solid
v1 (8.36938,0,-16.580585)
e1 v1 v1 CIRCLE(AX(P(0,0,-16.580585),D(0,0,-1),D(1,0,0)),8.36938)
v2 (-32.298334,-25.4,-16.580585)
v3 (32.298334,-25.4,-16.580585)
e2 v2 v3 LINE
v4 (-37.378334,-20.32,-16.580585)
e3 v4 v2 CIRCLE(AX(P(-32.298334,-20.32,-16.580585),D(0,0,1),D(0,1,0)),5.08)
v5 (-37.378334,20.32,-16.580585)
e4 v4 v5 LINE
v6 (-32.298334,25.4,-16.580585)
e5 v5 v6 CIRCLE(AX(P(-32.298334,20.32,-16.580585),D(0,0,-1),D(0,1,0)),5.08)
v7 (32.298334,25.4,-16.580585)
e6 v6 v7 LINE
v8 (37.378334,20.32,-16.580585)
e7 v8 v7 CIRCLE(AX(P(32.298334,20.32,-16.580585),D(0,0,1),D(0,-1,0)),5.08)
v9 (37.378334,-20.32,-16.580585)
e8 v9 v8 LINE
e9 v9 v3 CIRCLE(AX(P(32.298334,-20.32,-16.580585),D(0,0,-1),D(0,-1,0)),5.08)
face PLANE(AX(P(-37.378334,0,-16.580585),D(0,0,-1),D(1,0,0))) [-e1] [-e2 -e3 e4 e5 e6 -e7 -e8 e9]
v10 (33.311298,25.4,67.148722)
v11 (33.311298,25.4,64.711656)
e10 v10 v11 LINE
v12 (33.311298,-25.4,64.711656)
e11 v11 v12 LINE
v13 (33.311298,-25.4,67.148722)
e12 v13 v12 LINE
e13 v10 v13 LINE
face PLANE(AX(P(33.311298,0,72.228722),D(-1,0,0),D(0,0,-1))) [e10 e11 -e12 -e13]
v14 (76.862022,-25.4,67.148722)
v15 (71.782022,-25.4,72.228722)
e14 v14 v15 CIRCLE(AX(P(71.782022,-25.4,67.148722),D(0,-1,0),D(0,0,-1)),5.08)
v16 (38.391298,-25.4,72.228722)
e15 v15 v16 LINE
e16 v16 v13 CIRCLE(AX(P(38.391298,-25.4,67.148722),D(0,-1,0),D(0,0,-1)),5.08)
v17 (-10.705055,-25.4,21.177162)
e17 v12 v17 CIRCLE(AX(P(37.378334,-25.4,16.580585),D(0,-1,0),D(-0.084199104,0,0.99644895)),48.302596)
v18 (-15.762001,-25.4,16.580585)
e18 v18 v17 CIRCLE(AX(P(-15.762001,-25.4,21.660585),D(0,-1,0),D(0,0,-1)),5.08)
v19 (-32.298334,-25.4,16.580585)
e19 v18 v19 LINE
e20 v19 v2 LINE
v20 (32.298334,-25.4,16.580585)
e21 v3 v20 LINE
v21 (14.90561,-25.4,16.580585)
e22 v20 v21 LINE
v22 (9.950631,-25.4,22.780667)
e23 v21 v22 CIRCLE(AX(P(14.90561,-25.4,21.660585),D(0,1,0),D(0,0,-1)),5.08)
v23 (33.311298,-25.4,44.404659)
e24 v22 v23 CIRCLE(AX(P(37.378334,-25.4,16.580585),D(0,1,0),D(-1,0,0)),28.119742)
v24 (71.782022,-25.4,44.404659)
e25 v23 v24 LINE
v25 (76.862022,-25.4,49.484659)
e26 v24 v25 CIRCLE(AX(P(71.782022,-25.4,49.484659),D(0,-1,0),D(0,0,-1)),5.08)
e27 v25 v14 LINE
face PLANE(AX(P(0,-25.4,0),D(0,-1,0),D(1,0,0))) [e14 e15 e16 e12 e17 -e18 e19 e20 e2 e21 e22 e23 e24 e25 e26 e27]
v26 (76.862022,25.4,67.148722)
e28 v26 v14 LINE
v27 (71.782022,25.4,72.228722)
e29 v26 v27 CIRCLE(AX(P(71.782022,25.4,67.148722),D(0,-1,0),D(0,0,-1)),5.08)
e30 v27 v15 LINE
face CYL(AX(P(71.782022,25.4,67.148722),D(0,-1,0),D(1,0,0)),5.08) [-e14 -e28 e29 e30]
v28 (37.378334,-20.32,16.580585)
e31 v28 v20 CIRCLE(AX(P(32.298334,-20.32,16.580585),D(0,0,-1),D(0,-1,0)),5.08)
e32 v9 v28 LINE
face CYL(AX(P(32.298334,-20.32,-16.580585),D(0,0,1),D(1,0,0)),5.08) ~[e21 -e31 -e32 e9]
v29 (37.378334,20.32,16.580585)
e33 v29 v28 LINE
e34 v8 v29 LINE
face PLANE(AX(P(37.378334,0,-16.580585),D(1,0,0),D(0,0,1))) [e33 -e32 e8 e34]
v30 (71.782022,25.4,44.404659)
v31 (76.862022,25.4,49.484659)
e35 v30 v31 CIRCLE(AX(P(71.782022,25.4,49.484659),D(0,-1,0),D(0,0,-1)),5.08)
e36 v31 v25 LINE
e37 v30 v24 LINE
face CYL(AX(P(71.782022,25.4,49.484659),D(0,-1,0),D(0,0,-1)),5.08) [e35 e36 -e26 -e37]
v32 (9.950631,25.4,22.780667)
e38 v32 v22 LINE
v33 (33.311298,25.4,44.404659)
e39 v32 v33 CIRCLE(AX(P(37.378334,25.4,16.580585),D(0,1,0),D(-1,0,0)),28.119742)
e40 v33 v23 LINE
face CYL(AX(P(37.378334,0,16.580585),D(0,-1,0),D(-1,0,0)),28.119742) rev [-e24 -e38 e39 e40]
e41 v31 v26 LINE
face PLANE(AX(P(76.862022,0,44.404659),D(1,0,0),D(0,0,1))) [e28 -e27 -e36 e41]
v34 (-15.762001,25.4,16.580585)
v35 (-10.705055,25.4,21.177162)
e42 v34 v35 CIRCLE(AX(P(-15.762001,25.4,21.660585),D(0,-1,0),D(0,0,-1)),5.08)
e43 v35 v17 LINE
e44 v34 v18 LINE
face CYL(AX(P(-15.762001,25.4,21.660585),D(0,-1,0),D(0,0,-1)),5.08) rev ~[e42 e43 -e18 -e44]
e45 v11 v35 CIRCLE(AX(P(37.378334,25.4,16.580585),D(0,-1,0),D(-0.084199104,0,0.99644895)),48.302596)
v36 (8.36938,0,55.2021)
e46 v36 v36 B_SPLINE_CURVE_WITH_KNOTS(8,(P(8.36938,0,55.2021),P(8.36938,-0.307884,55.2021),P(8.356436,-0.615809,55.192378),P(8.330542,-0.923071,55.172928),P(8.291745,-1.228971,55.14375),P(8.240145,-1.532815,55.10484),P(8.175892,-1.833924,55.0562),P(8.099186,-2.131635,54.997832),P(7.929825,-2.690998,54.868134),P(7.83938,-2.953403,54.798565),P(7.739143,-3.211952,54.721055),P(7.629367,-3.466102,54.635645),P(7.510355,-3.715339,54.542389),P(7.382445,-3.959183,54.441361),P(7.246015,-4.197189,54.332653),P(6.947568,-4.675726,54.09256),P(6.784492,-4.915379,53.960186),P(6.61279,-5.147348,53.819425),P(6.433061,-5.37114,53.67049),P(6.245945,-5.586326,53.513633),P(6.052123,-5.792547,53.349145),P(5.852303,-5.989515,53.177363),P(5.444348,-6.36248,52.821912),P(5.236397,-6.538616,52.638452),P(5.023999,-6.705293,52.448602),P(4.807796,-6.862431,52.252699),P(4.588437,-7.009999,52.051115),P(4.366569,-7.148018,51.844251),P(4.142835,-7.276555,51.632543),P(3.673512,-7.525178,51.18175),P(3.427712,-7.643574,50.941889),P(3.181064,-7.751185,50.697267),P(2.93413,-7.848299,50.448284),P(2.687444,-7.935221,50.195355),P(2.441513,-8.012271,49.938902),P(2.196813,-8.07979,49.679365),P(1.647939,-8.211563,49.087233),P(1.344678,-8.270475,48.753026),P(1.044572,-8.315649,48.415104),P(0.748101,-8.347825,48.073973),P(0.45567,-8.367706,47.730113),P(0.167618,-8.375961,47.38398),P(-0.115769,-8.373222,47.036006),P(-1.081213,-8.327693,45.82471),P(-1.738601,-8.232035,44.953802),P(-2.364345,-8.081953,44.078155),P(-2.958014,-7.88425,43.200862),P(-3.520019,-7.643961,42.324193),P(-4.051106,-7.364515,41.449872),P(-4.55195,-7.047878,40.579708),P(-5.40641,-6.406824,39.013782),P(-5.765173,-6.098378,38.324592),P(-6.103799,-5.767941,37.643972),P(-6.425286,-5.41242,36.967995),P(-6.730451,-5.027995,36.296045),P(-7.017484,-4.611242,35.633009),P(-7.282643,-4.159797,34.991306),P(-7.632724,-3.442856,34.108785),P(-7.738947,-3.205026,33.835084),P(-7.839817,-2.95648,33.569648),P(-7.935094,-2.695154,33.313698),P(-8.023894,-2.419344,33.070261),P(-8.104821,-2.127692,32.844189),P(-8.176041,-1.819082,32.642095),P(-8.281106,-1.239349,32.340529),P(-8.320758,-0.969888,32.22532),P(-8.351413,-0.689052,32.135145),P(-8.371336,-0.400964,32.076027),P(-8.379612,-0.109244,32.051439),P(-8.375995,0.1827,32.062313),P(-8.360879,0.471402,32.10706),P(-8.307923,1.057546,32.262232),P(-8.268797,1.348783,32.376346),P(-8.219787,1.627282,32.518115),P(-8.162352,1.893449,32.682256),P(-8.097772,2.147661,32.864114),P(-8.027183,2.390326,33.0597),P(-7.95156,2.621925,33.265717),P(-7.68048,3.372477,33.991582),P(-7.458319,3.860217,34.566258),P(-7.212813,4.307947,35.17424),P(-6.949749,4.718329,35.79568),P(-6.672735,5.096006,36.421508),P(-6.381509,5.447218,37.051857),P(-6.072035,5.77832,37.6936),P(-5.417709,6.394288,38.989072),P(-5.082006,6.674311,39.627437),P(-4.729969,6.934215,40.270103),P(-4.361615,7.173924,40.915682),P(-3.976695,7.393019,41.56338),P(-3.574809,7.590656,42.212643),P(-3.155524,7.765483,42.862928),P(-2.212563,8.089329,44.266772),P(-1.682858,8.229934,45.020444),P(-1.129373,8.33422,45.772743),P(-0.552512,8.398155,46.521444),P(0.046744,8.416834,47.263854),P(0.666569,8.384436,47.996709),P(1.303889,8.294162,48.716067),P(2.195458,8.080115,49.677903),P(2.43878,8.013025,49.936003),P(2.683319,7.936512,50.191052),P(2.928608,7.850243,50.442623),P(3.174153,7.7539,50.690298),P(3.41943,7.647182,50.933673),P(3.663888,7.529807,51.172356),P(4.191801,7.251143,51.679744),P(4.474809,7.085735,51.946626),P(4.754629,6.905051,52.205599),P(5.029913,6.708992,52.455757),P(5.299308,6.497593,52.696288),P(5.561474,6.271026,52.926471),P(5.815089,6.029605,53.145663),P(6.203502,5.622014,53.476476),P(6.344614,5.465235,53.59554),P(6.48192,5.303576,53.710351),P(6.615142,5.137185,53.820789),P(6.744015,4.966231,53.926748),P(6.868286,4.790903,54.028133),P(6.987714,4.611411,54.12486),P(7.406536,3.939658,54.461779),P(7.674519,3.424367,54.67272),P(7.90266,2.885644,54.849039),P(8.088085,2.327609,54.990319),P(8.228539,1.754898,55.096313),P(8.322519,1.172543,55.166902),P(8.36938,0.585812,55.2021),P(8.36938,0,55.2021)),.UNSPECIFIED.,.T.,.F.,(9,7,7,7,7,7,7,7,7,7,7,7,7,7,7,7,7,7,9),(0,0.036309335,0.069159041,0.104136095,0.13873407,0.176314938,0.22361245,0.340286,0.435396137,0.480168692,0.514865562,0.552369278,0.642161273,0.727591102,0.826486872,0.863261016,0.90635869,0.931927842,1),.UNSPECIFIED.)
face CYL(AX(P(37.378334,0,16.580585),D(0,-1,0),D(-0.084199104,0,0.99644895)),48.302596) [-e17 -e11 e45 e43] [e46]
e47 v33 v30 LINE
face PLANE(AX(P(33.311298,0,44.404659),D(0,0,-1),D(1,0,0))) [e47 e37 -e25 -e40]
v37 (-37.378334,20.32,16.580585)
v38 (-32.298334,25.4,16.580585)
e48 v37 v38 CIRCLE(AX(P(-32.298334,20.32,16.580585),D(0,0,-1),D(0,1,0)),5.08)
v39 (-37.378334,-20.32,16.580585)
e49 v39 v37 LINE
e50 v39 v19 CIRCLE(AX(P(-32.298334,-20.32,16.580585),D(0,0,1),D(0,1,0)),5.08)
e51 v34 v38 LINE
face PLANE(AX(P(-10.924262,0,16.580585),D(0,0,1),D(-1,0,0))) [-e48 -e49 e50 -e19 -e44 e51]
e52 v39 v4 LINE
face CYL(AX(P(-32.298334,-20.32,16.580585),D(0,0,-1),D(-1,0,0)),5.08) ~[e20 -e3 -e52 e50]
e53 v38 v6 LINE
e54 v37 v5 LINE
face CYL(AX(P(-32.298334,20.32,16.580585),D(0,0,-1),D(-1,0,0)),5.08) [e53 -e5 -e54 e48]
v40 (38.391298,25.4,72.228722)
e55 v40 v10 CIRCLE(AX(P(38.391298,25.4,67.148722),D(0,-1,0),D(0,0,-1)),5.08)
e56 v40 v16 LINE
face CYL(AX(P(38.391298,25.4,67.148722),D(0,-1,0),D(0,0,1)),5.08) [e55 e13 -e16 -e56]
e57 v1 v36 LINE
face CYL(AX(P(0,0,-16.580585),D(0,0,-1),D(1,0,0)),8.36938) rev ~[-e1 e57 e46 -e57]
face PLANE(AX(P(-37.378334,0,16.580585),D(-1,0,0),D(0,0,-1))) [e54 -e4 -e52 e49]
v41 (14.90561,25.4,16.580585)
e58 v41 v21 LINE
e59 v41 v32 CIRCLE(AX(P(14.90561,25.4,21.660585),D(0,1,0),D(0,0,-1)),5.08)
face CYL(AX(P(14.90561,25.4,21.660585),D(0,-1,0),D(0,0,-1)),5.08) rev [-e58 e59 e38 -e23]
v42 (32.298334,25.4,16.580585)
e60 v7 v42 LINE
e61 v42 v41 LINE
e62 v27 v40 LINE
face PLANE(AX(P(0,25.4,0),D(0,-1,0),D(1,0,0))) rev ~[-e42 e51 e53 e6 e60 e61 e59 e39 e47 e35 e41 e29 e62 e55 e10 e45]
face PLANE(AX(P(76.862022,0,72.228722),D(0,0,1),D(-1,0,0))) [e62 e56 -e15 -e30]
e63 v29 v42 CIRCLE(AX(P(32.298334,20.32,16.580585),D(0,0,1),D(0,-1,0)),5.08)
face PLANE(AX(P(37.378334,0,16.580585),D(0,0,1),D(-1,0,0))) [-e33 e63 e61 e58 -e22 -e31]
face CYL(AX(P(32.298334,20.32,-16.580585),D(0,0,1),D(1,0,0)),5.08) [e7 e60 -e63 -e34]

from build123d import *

# Parameters (mm, degrees)
F1_DEPTH = 25.4
F2_R     = 5.08
F3_R     = 5.08
F4_R     = 8.3693802945
F5_DEPTH = 99.314


with BuildPart() as f1:
    # F0 (on Front) → F1 (new body, symmetric)
    with BuildSketch(Plane.XZ):
        Polygon((37.378333509, -16.5805853903), (37.378333509, 16.5805853903), (9.2585918344, 16.5805853903), (-10.9242624321, 16.5805853903), (-37.378333509, 16.5805853903), (-37.378333509, -16.5805853903), align=None)
        with BuildLine():
            Line((-10.9242624321, 16.5805853903), (9.2585918344, 16.5805853903))
            ThreePointArc((9.2585918344, 16.5805853903), (16.1053006485, 34.9702005239), (33.311298198, 44.4046594203))
            Line((33.311298198, 44.4046594203), (33.311298198, 64.7116564196))
            ThreePointArc((33.311298198, 64.7116564196), (1.814383096, 49.2661510986), (-10.9242624321, 16.5805853903))
        make_face()
        with BuildLine():
            Line((33.311298198, 72.2287222743), (33.311298198, 64.7116564196))
            ThreePointArc((33.311298198, 64.7116564196), (57.7910346378, 60.35800431), (76.8620222807, 44.4046594203))
            Line((76.8620222807, 44.4046594203), (76.8620222807, 72.2287222743))
            Line((76.8620222807, 72.2287222743), (33.311298198, 72.2287222743))
        make_face()
        with BuildLine():
            Line((33.311298198, 64.7116564196), (33.311298198, 44.4046594203))
            Line((33.311298198, 44.4046594203), (76.8620222807, 44.4046594203))
            ThreePointArc((76.8620222807, 44.4046594203), (57.7910346378, 60.35800431), (33.311298198, 64.7116564196))
        make_face()
    extrude(amount=F1_DEPTH, both=True)

    # F2
    f2_edges = [f1.edges().sort_by_distance(p)[0] for p in [
        (-37.378334, -25.4, 0),
        (37.378334, -25.4, 0),
        (37.378334, 25.4, 0),
        (-37.378334, 25.4, 0),
    ]]
    fillet(f2_edges, radius=F2_R)

    # F3
    f3_edges = [f1.edges().sort_by_distance(p)[0] for p in [
        (9.258592, 0, 16.580585),
        (-10.924262, 0, 16.580585),
        (33.311298, 0, 72.228722),
        (76.862022, 0, 72.228722),
        (76.862022, 0, 44.404659),
    ]]
    fillet(f3_edges, radius=F3_R)

    # F4 (on face) → F5 (cut)
    with BuildSketch(Plane(origin=(0, 0, -16.5805853903), x_dir=(1, 0, 0), z_dir=(0, 0, -1))):
        Circle(F4_R)
    extrude(amount=-F5_DEPTH, mode=Mode.SUBTRACT)


solid = f1.part
